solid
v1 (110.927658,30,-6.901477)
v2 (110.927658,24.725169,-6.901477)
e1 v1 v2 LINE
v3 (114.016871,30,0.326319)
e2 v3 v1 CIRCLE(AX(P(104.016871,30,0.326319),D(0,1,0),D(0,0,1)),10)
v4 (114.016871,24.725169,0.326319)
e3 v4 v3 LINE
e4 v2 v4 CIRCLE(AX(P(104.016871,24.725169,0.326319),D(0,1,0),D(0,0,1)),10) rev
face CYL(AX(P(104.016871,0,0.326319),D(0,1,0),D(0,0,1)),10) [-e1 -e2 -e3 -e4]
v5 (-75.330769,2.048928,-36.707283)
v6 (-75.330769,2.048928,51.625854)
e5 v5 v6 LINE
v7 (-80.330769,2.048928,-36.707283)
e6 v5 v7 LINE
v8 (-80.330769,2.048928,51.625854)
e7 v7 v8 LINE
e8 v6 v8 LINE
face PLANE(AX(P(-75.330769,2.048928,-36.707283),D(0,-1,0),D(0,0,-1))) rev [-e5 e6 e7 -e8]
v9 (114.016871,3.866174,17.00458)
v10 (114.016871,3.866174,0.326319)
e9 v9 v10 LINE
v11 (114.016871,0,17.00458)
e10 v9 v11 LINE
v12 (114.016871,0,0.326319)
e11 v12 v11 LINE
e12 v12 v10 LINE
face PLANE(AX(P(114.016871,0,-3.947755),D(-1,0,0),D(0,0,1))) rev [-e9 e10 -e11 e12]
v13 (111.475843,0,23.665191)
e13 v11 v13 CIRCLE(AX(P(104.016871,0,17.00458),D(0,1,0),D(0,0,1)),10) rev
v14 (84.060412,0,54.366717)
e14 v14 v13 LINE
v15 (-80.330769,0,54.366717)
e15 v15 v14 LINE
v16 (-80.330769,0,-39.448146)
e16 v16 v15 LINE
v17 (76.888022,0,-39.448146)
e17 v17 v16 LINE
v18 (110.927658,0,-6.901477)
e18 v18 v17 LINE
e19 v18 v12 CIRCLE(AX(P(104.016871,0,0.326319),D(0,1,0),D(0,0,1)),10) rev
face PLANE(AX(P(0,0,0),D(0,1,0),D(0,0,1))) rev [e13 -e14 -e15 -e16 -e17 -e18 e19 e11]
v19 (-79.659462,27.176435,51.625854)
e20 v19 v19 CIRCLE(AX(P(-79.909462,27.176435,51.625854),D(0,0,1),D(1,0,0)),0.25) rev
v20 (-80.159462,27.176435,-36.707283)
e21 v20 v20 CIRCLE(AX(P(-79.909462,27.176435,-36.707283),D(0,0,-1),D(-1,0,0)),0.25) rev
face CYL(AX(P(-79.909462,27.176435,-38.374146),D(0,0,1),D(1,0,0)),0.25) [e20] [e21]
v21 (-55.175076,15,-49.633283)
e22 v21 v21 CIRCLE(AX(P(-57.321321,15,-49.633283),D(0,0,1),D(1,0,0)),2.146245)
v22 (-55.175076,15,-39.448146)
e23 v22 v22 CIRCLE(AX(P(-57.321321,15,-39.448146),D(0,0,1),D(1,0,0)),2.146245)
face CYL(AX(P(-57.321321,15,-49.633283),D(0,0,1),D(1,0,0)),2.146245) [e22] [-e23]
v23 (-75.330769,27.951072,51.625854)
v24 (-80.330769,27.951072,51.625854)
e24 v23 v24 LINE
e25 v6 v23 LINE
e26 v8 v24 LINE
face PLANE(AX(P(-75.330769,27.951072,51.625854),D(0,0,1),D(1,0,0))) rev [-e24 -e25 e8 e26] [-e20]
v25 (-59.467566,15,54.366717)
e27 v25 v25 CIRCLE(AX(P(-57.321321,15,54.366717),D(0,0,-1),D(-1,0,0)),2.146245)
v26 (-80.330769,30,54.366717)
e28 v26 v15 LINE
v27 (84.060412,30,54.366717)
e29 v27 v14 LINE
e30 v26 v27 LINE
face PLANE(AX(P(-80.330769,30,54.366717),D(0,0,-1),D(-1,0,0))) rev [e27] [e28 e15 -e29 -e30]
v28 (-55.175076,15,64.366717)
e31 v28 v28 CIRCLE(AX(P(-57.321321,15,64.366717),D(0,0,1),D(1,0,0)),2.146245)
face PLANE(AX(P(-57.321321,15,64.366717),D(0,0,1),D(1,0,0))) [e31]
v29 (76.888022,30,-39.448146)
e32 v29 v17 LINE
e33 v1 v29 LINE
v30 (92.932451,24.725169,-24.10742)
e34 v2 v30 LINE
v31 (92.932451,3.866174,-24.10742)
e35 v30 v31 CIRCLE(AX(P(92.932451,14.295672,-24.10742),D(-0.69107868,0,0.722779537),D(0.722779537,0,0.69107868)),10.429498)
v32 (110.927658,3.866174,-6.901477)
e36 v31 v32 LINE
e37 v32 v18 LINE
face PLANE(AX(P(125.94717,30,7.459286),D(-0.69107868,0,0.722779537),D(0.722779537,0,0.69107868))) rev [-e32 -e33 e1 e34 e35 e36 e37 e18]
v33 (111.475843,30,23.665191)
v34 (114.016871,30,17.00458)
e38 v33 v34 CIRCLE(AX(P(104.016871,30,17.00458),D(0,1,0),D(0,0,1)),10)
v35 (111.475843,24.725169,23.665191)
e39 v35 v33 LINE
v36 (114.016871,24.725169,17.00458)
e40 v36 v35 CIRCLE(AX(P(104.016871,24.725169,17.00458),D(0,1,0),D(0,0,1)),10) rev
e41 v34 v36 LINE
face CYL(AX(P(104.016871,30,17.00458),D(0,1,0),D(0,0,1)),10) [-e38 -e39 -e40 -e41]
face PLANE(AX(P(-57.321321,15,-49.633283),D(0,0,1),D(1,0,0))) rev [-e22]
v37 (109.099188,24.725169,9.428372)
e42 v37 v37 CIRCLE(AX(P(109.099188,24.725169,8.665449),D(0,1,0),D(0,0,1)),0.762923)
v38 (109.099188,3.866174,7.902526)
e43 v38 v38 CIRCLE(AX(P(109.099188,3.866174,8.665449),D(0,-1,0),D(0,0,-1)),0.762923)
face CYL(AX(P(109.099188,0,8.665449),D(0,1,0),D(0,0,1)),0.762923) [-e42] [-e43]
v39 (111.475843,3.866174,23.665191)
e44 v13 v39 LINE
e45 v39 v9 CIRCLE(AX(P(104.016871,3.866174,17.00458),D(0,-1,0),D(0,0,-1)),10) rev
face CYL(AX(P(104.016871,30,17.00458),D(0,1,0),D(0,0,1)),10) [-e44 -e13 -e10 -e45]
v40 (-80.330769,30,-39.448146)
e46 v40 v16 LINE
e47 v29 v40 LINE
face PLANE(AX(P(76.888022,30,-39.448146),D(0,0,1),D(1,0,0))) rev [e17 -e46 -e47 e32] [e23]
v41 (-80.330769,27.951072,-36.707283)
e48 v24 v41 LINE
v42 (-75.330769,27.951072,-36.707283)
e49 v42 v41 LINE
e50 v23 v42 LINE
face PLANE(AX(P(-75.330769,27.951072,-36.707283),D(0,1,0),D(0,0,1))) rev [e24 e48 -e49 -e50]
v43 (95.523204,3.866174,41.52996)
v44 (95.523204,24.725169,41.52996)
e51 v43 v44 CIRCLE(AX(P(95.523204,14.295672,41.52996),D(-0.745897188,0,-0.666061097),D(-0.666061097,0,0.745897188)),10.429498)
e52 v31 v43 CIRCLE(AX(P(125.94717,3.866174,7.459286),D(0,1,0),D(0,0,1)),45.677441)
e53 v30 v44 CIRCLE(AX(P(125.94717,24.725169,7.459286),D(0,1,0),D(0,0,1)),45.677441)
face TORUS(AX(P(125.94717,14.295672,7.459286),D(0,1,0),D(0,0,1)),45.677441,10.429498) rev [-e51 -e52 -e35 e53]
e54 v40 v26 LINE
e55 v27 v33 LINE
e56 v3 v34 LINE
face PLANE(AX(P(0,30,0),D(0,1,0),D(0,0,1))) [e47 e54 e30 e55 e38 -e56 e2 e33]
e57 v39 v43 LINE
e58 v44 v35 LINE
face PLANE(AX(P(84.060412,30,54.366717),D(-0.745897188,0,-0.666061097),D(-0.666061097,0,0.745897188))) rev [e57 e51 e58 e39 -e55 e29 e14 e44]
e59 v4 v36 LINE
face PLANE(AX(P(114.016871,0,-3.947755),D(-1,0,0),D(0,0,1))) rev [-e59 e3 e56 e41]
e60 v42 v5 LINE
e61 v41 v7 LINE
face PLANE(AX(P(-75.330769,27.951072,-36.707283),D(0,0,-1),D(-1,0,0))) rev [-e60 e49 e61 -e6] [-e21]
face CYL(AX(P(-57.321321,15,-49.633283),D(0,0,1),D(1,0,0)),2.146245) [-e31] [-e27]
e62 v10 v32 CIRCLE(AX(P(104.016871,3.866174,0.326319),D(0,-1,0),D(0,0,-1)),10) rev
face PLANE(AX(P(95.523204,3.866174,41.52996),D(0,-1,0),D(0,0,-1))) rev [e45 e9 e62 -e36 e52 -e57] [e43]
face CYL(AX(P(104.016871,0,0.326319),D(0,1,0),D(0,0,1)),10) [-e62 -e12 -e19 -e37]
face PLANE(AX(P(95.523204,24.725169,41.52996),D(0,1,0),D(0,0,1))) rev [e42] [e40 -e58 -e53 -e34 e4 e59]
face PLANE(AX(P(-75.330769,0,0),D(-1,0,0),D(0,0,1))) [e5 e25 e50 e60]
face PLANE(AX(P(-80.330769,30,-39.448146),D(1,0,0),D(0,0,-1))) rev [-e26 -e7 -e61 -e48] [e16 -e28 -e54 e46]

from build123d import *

# Parameters (mm, degrees)
BOSS_EXTRUDE1_DEPTH      = 30
SKETCH3_R                = 2.146244949
BOSS_EXTRUDE2_DEPTH      = 10
BOSS_EXTRUDE2_DEPTH_BACK = 104
SKETCH4_W                = 62.472603167
SKETCH4_H                = 24.76734243
CUT_EXTRUDE1_DEPTH       = 31
FILLET1_R                = 10
SKETCH5_R                = 0.76292284
BOSS_EXTRUDE3_DEPTH      = 30
SKETCH8_W                = 88.333137
SKETCH8_H                = 25.902143048
CUT_EXTRUDE2_DEPTH       = 5
SKETCH9_R                = 0.25
BOSS_EXTRUDE4_DEPTH      = 90


with BuildPart() as part:
    # Sketch1 → Boss-Extrude1 (new body)
    with BuildSketch(Plane(origin=(0, 0, 0), x_dir=(1, 0, 0), z_dir=(0, 1, 0))):
        Polygon((-80.330769327, 39.448145651), (-80.330769327, -54.366717098), (84.060412188, -54.366717098), (125.94717048, -7.459285723), (76.88802207, 39.448145651), align=None)
    extrude(amount=BOSS_EXTRUDE1_DEPTH)

    # Sketch2 → Cut-Revolve2 (revolve, cut)
    with BuildSketch(Plane(origin=(73.778167937, 0, 65.881422133), x_dir=(0.666061097, 0, -0.745897188), z_dir=(0.745897188, 0, 0.666061097))):
        with BuildLine():
            Line((32.647209403, 24.725169295), (66.605654017, 24.725169295))
            ThreePointArc((66.605654017, 24.725169295), (77.035151749, 14.295671563), (66.605654017, 3.866173832))
            Line((66.605654017, 3.866173832), (32.647209403, 3.866173832))
            ThreePointArc((32.647209403, 3.866173832), (22.217711672, 14.295671563), (32.647209403, 24.725169295))
        make_face()
    revolve(axis=Axis((125.94717048, 30, 7.459285723), (0, -1, 0)), mode=Mode.SUBTRACT)

    # Sketch3 → Boss-Extrude2 (add, two sides)
    with BuildSketch(Plane.XY.offset(54.366717098)) as boss_extrude2_sk:
        with Locations((-57.321321229, 15)):
            Circle(SKETCH3_R)
    extrude(amount=BOSS_EXTRUDE2_DEPTH)
    extrude(boss_extrude2_sk.sketch, amount=-BOSS_EXTRUDE2_DEPTH_BACK)

    # Sketch4 → Cut-Extrude1 (cut, through all)
    with BuildSketch(Plane(origin=(0, 30, 0), x_dir=(1, 0, 0), z_dir=(0, 1, 0))):
        with Locations((145.25317231, -8.435915945)):
            Rectangle(SKETCH4_W, SKETCH4_H)
    extrude(amount=-CUT_EXTRUDE1_DEPTH, mode=Mode.SUBTRACT)

    # Fillet1
    fillet1_edges = [part.edges().sort_by_distance(p)[0] for p in [
        (114.016870726, 1.933086916, 20.81958716),
        (114.016870726, 27.362584647, 20.81958716),
        (114.016870726, 1.933086916, -3.94775527),
        (114.016870726, 27.362584647, -3.94775527),
    ]]
    fillet(fillet1_edges, radius=FILLET1_R)

    # Sketch5 → Boss-Extrude3 (add)
    with BuildSketch(Plane(origin=(0, 30, 0), x_dir=(1, 0, 0), z_dir=(0, 1, 0))):
        with Locations((109.099187599, -8.665449149)):
            Circle(SKETCH5_R)
    extrude(amount=-BOSS_EXTRUDE3_DEPTH)

    # Sketch8 → Cut-Extrude2 (cut)
    with BuildSketch(Plane.ZY.offset(80.330769327)):
        with Locations((7.459285723, 15)):
            Rectangle(SKETCH8_W, SKETCH8_H)
    extrude(amount=-CUT_EXTRUDE2_DEPTH, mode=Mode.SUBTRACT)

    # Sketch9 → Boss-Extrude4 (add)
    with BuildSketch(Plane(origin=(0, 0, 51.625854223), x_dir=(-1, 0, 0), z_dir=(0, 0, -1))):
        with Locations((79.909462448, 27.17643451)):
            Circle(SKETCH9_R)
    extrude(amount=BOSS_EXTRUDE4_DEPTH)


solid = part.part
